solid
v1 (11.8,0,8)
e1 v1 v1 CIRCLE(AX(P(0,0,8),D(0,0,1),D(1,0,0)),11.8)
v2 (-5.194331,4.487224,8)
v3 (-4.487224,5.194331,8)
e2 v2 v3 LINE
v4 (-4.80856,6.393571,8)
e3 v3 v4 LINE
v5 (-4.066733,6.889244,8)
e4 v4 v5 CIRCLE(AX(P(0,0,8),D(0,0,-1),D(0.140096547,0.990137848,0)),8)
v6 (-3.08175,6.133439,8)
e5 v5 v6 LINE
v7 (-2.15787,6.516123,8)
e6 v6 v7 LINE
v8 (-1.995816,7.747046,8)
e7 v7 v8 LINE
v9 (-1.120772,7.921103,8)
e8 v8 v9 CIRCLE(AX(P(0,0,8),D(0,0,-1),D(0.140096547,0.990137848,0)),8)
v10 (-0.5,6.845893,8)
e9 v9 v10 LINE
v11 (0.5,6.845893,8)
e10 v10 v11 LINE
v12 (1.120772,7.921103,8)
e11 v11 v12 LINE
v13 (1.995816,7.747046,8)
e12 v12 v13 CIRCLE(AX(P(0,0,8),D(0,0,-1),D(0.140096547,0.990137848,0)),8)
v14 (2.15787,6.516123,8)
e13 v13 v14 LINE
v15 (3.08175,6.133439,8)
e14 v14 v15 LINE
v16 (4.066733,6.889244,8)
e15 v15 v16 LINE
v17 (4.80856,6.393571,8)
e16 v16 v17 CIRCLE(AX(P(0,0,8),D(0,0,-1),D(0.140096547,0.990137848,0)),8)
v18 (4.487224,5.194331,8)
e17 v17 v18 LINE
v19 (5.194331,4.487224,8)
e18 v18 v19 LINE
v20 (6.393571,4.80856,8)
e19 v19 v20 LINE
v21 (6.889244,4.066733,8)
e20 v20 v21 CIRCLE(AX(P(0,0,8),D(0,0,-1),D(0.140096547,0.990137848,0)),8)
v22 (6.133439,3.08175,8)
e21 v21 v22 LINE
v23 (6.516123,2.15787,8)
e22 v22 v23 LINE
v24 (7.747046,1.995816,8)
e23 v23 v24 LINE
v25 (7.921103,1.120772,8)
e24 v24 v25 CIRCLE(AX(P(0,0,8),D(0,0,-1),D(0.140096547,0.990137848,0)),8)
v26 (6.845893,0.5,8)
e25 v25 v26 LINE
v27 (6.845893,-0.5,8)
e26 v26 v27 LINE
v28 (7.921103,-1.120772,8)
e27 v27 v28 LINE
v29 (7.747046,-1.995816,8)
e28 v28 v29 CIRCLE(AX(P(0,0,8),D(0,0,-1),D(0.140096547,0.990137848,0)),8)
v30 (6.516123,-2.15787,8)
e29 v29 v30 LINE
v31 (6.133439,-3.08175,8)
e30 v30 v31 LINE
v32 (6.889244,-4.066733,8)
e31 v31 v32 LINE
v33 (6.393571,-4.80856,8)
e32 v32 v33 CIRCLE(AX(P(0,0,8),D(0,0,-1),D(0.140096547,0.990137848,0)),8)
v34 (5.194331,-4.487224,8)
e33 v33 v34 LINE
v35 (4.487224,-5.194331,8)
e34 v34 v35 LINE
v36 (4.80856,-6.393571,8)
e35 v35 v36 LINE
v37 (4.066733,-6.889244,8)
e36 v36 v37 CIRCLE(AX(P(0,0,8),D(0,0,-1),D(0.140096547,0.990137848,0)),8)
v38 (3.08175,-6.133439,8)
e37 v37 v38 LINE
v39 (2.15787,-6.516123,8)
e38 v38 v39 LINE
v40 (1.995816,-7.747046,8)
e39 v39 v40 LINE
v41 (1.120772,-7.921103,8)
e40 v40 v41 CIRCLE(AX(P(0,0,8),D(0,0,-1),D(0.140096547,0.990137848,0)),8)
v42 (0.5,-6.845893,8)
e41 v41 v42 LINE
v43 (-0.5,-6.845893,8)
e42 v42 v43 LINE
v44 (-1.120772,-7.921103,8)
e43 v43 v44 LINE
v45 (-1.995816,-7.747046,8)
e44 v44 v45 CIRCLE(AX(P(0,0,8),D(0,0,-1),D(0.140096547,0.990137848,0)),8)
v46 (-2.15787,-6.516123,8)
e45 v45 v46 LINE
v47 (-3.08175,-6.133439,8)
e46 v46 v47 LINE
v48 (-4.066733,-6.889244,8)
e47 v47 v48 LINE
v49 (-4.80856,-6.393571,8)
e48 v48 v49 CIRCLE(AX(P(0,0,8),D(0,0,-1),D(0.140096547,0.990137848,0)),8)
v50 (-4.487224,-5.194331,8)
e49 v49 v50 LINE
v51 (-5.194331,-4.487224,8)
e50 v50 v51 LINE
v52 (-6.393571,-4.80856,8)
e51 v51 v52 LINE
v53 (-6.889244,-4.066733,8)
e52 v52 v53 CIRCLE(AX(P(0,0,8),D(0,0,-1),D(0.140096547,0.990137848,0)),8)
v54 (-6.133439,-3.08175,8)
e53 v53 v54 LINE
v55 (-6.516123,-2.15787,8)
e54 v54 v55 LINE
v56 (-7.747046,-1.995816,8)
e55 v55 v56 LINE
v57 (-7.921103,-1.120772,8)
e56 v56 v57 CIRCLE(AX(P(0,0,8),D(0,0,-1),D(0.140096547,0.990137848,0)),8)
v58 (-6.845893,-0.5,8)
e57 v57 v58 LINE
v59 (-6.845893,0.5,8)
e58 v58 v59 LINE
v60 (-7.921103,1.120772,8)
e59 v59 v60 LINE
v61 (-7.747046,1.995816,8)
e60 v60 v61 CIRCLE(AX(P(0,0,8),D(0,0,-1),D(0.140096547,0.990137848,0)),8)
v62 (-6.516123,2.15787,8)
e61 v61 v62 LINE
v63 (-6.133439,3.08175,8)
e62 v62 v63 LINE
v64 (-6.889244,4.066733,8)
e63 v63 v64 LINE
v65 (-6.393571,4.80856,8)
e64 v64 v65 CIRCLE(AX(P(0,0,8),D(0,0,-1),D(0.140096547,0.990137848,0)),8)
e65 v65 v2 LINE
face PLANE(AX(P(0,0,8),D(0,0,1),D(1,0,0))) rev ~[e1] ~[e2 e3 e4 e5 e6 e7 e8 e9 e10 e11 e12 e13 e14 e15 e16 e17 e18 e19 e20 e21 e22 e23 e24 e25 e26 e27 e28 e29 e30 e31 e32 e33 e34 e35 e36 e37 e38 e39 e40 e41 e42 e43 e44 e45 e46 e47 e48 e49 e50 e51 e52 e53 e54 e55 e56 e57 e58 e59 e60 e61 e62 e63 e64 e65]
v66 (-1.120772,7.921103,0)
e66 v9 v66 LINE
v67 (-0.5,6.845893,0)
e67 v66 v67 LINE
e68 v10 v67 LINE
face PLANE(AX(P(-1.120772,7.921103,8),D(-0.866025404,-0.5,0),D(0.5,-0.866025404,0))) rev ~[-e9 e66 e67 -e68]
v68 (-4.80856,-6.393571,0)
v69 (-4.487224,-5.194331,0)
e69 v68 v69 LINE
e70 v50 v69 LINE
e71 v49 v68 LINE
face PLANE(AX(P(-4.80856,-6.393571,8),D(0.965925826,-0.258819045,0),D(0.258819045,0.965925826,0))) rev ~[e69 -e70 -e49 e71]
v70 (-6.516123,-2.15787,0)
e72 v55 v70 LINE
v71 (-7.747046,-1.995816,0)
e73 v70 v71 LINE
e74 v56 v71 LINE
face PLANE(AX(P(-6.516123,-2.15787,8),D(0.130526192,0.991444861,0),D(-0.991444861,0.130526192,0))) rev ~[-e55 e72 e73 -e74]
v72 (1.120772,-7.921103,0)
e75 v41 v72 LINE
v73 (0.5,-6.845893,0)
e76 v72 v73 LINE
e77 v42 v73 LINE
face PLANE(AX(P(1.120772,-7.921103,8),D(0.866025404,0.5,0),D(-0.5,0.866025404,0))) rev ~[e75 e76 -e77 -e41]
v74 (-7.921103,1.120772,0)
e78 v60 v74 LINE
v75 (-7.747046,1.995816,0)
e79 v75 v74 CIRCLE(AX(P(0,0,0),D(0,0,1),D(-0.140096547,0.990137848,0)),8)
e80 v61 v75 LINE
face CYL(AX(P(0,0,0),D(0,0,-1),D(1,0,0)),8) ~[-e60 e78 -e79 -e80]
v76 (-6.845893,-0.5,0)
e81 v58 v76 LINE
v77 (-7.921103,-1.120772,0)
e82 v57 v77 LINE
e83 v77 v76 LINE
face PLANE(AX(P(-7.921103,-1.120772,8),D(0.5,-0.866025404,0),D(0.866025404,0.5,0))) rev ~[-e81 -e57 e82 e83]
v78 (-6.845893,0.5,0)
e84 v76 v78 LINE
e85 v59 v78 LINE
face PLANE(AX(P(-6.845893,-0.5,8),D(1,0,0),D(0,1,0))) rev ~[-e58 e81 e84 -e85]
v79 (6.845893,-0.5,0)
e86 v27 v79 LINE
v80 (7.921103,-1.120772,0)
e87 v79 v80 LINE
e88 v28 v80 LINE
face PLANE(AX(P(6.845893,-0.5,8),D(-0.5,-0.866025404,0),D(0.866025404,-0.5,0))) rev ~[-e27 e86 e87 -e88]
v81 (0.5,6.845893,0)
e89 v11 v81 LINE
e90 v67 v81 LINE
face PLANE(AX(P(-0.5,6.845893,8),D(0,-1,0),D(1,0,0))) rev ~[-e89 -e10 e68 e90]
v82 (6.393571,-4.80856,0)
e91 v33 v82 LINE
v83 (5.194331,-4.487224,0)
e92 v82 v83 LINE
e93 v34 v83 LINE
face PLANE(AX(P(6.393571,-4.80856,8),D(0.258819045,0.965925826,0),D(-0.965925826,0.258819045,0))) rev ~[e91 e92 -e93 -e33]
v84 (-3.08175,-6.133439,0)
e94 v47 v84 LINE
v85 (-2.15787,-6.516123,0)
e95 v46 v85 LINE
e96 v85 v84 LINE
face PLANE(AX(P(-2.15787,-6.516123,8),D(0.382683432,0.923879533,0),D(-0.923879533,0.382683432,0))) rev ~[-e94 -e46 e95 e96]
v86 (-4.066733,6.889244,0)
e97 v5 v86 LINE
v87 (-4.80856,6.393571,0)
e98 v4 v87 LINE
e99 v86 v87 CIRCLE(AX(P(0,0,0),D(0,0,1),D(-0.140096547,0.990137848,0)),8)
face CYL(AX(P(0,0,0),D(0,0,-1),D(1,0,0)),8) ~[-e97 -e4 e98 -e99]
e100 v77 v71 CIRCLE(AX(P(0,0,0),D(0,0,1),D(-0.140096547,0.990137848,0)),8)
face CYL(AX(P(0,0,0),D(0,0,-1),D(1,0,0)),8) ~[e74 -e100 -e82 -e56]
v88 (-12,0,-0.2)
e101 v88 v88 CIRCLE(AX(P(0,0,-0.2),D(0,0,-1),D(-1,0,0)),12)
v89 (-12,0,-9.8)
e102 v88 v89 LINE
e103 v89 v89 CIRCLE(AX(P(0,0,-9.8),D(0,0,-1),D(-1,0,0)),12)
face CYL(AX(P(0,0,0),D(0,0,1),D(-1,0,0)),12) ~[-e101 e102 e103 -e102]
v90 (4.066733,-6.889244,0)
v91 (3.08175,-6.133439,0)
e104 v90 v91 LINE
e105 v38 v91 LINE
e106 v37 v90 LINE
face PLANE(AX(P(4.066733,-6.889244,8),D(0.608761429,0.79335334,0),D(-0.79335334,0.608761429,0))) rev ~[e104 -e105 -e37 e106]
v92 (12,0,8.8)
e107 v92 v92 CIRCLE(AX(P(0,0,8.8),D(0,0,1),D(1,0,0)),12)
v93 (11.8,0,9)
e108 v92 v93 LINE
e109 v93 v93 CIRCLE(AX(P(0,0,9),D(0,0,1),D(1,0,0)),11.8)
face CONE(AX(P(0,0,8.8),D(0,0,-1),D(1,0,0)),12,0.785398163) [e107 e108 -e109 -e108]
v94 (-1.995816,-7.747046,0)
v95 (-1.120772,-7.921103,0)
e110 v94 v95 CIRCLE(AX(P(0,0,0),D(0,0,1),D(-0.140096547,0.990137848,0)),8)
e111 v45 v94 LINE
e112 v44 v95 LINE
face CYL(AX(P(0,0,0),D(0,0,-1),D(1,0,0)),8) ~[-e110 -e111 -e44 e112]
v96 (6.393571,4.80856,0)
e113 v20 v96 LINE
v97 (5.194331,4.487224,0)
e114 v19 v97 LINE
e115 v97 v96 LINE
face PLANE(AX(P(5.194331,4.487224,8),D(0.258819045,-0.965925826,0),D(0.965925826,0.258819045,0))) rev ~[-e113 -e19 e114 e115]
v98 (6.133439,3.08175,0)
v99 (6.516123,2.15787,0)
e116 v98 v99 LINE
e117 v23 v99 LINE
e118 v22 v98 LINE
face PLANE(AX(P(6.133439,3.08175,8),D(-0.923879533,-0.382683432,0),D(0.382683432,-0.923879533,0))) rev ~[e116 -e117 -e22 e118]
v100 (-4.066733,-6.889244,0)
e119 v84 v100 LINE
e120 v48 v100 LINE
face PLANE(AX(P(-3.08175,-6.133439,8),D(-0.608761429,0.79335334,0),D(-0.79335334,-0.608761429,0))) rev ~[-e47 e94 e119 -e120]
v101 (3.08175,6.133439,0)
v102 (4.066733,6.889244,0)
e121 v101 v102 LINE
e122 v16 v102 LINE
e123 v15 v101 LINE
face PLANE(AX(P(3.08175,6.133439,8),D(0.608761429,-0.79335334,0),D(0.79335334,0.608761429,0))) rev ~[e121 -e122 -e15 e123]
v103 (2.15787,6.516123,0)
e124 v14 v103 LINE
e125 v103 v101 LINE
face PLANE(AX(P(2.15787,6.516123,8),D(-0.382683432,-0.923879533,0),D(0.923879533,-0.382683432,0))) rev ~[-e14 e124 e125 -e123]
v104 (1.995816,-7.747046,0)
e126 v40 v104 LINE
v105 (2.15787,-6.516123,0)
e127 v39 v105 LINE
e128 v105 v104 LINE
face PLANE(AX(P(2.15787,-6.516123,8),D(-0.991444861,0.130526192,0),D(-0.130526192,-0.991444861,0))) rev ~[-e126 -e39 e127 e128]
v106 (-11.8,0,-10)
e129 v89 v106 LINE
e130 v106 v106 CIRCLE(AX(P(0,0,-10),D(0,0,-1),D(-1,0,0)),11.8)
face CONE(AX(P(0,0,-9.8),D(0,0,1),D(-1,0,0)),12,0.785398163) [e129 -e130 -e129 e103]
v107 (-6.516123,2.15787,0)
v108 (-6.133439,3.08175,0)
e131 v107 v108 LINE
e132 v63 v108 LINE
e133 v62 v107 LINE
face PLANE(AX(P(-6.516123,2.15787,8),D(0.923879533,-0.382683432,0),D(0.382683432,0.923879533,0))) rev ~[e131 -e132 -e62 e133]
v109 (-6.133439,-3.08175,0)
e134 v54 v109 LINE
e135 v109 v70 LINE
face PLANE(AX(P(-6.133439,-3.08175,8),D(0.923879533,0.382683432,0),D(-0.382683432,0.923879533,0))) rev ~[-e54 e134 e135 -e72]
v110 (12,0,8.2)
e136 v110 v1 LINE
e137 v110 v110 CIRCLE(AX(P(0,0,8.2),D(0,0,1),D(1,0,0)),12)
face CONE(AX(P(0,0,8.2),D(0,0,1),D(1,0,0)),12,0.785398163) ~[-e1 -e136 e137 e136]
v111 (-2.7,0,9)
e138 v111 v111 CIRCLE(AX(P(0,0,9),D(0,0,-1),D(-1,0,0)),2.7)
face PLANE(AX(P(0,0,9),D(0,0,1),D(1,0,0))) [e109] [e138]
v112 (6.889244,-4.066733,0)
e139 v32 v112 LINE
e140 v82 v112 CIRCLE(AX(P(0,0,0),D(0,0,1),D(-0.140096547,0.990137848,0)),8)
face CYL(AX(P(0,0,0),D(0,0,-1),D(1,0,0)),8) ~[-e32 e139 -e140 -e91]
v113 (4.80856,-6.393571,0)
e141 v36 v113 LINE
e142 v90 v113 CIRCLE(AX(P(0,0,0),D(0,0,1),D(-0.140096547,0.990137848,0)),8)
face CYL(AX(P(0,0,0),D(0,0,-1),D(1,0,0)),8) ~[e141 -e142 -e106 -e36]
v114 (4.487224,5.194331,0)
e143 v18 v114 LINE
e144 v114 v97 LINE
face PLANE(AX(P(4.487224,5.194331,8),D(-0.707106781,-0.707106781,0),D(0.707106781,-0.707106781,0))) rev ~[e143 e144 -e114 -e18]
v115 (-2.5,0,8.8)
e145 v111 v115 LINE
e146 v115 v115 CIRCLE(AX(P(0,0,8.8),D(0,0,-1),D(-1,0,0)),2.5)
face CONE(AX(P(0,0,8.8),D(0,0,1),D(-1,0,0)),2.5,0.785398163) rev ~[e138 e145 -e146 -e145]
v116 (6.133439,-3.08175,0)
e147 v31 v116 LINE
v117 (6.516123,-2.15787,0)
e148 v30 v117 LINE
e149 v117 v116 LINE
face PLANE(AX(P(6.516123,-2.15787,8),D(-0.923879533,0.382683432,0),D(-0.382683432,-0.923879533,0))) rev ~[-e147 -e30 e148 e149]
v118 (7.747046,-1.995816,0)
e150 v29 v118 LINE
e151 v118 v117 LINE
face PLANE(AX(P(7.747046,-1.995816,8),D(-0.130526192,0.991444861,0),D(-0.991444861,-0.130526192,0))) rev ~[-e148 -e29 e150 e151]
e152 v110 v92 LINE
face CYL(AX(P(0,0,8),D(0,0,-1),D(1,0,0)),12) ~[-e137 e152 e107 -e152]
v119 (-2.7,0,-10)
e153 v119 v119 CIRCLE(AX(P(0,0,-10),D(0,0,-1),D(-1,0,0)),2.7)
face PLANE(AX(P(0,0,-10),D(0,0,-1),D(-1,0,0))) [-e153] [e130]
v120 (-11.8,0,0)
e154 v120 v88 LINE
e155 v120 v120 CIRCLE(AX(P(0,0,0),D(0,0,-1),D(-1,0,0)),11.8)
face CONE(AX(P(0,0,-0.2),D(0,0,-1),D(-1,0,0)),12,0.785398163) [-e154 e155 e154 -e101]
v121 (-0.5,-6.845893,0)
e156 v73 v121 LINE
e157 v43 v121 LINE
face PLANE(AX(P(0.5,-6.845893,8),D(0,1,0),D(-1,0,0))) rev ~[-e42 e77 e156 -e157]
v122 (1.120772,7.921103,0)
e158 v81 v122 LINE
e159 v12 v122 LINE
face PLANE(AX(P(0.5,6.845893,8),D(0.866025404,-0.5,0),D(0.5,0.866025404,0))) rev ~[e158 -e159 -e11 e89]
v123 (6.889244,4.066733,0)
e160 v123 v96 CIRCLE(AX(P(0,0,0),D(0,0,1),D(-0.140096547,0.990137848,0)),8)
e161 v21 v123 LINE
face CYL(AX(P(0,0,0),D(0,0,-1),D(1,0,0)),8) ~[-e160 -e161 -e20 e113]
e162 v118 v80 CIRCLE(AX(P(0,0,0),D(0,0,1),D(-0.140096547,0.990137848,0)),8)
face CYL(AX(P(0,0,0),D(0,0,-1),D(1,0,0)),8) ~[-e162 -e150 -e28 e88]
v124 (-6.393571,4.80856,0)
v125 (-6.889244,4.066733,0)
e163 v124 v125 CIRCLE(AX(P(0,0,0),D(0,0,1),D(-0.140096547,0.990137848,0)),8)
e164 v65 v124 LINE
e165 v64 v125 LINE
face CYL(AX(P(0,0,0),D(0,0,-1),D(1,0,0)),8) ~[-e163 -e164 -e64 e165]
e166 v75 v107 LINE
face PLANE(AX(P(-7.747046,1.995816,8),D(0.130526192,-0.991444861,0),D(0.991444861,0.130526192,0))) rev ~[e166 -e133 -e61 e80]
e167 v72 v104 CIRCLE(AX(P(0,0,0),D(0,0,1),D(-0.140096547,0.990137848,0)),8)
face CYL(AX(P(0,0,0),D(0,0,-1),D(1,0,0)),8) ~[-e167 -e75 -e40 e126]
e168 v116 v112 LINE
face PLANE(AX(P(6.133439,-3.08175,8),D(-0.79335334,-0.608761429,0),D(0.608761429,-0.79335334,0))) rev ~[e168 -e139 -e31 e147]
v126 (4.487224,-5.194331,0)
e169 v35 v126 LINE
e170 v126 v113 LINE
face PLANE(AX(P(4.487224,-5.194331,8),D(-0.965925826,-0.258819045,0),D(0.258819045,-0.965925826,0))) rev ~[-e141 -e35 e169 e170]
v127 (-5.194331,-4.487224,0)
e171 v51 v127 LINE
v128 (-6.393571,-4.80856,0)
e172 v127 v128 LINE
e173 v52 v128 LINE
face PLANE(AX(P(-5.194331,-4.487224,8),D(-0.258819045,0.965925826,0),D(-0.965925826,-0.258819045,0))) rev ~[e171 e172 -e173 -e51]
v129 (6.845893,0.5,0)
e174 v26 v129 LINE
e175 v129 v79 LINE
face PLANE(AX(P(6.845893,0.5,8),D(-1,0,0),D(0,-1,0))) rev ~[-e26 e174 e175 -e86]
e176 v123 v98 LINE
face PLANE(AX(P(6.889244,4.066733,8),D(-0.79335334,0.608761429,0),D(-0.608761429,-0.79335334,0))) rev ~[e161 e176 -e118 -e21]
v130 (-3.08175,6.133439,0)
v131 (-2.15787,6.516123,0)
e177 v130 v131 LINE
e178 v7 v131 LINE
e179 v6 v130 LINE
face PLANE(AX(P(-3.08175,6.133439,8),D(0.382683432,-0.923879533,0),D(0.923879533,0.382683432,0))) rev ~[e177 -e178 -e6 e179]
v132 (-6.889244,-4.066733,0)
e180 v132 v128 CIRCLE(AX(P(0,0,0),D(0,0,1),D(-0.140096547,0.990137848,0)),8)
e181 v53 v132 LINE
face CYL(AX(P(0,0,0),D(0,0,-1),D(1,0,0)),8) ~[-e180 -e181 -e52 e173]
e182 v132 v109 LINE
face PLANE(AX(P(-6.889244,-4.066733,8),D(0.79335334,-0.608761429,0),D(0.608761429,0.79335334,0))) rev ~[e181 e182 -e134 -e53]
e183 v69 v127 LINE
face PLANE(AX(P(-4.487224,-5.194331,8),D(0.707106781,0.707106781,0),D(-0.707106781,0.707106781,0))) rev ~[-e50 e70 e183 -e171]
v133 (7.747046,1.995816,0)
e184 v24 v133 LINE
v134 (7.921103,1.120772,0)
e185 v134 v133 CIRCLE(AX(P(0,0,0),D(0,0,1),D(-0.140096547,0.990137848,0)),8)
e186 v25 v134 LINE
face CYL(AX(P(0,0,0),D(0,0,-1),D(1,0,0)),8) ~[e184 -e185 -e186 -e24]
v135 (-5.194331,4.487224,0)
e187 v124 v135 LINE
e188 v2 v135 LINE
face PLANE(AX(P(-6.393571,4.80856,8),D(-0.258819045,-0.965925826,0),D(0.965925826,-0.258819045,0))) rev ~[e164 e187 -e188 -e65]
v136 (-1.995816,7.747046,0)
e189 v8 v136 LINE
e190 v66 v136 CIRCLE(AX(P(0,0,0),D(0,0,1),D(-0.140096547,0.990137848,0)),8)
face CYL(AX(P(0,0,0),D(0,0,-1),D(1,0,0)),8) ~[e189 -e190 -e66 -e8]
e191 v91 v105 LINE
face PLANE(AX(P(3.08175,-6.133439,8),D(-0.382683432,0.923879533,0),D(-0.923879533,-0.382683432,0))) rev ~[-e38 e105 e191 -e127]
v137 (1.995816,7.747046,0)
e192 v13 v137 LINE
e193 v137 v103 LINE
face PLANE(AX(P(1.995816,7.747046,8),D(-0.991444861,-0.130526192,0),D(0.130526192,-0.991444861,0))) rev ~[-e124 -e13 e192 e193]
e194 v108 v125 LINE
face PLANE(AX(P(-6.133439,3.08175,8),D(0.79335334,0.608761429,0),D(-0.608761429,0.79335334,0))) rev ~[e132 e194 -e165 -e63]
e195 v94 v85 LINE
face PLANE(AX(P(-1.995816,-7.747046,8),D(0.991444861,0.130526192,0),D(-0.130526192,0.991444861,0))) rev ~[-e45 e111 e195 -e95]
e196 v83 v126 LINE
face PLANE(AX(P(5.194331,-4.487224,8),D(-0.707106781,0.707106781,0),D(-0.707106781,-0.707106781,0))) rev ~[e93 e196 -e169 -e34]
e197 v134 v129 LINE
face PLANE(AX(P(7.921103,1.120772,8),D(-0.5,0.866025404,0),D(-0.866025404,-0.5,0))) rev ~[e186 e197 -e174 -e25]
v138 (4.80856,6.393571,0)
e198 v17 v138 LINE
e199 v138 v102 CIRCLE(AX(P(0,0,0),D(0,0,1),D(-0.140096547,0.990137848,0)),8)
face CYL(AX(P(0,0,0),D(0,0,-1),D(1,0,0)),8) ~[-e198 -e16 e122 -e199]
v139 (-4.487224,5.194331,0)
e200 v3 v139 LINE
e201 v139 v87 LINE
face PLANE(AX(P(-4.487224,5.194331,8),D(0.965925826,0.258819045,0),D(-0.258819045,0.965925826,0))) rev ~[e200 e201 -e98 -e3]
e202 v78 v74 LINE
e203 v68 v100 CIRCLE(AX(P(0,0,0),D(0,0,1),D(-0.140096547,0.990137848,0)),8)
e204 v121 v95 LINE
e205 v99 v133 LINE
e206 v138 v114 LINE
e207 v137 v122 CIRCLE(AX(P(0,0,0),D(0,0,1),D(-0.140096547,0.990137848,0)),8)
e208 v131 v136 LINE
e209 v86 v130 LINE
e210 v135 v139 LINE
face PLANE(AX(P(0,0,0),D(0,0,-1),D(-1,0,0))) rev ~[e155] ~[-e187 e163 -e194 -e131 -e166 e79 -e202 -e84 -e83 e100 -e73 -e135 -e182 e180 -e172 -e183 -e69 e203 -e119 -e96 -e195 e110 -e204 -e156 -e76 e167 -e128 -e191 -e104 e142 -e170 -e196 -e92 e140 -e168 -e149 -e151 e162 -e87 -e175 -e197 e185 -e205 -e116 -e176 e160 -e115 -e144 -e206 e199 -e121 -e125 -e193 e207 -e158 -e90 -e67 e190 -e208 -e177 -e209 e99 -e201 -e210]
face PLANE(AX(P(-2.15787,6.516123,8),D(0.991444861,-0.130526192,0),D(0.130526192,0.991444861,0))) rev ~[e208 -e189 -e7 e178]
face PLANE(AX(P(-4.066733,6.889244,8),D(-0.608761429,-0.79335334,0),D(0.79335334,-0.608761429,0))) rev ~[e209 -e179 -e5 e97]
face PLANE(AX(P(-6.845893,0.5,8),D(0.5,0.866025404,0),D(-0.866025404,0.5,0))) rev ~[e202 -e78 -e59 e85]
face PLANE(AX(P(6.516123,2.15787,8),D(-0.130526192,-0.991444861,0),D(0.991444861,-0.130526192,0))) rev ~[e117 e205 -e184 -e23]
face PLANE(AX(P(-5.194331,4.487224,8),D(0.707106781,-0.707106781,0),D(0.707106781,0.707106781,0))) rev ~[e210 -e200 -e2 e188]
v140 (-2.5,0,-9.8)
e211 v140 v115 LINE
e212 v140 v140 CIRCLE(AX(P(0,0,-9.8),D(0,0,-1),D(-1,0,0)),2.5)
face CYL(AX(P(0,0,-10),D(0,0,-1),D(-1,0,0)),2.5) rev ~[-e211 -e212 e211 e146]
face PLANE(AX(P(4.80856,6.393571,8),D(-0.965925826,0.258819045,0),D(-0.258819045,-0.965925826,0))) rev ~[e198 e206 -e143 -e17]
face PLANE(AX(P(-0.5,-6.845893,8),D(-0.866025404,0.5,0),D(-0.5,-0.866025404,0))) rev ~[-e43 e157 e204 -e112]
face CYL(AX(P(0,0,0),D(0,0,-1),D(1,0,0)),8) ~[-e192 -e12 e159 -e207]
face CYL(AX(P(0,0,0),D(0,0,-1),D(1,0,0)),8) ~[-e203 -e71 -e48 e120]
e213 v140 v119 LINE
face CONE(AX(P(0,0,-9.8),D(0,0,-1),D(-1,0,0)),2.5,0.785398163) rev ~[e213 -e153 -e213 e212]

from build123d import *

# Parameters (mm, degrees)
ESQUISSE1_R                  = 8
BOSS_EXTRU_1_DEPTH           = 8
ENL_V_MAT_EXTRU_1_DEPTH      = 9
R_P_TITION_CIRCULAIRE1_COUNT = 16
ESQUISSE3_R                  = 12
BOSS_EXTRU_2_DEPTH           = 10
ESQUISSE4_R                  = 12
BOSS_EXTRU_3_DEPTH           = 1
CHANFREIN1_SIZE              = 0.2
ESQUISSE5_R                  = 2.5
ENL_V_MAT_EXTRU_2_DEPTH      = 20
CHANFREIN2_SIZE              = 0.2


with BuildPart() as part:
    # Esquisse1 → Boss.-Extru.1 (new body)
    with BuildSketch(Plane.XY):
        Circle(ESQUISSE1_R)
    extrude(amount=BOSS_EXTRU_1_DEPTH)

    # Esquisse2 → Enlèv. mat.-Extru.1 (cut, through all)
    with BuildSketch(Plane.XY.offset(8)):
        with BuildLine():
            Line((-1.120772376, 7.921102782), (-0.5, 6.845893487))
            Line((-0.5, 6.845893487), (0.5, 6.845893487))
            Line((0.5, 6.845893487), (1.120772376, 7.921102782))
            ThreePointArc((1.120772376, 7.921102782), (0, 8), (-1.120772376, 7.921102782))
        make_face()
    enl_v_mat_extru_1 = extrude(amount=-ENL_V_MAT_EXTRU_1_DEPTH, mode=Mode.SUBTRACT)

    # Répétition circulaire1: Enlèv. mat.-Extru.1 ×16 about axis
    r_p_tition_circulaire1_axis = Axis((0, 0, 0), (0, 0, 1))
    for i in range(1, R_P_TITION_CIRCULAIRE1_COUNT):
        add(enl_v_mat_extru_1.rotate(r_p_tition_circulaire1_axis, i * 360 / R_P_TITION_CIRCULAIRE1_COUNT), mode=Mode.SUBTRACT)

    # Esquisse3 → Boss.-Extru.2 (add)
    with BuildSketch(Plane(origin=(0, 0, 0), x_dir=(-1, 0, 0), z_dir=(0, 0, -1))):
        Circle(ESQUISSE3_R)
    extrude(amount=BOSS_EXTRU_2_DEPTH)

    # Esquisse4 → Boss.-Extru.3 (add)
    with BuildSketch(Plane.XY.offset(8)):
        Circle(ESQUISSE4_R)
    extrude(amount=BOSS_EXTRU_3_DEPTH)

    # Chanfrein1
    chanfrein1_edges = [part.edges().sort_by_distance(p)[0] for p in [
        (12, 0, 0),
        (12, 0, -10),
        (-12, 0, 8),
        (-12, 0, 9),
    ]]
    chamfer(chanfrein1_edges, length=CHANFREIN1_SIZE)

    # Esquisse5 → Enlèv. mat.-Extru.2 (cut, through all)
    with BuildSketch(Plane(origin=(0, 0, -10), x_dir=(-1, 0, 0), z_dir=(0, 0, -1))):
        Circle(ESQUISSE5_R)
    extrude(amount=-ENL_V_MAT_EXTRU_2_DEPTH, mode=Mode.SUBTRACT)

    # Chanfrein2
    chanfrein2_edges = [part.edges().sort_by_distance(p)[0] for p in [
        (2.5, 0, 9),
        (2.5, 0, -10),
    ]]
    chamfer(chanfrein2_edges, length=CHANFREIN2_SIZE)


solid = part.part
